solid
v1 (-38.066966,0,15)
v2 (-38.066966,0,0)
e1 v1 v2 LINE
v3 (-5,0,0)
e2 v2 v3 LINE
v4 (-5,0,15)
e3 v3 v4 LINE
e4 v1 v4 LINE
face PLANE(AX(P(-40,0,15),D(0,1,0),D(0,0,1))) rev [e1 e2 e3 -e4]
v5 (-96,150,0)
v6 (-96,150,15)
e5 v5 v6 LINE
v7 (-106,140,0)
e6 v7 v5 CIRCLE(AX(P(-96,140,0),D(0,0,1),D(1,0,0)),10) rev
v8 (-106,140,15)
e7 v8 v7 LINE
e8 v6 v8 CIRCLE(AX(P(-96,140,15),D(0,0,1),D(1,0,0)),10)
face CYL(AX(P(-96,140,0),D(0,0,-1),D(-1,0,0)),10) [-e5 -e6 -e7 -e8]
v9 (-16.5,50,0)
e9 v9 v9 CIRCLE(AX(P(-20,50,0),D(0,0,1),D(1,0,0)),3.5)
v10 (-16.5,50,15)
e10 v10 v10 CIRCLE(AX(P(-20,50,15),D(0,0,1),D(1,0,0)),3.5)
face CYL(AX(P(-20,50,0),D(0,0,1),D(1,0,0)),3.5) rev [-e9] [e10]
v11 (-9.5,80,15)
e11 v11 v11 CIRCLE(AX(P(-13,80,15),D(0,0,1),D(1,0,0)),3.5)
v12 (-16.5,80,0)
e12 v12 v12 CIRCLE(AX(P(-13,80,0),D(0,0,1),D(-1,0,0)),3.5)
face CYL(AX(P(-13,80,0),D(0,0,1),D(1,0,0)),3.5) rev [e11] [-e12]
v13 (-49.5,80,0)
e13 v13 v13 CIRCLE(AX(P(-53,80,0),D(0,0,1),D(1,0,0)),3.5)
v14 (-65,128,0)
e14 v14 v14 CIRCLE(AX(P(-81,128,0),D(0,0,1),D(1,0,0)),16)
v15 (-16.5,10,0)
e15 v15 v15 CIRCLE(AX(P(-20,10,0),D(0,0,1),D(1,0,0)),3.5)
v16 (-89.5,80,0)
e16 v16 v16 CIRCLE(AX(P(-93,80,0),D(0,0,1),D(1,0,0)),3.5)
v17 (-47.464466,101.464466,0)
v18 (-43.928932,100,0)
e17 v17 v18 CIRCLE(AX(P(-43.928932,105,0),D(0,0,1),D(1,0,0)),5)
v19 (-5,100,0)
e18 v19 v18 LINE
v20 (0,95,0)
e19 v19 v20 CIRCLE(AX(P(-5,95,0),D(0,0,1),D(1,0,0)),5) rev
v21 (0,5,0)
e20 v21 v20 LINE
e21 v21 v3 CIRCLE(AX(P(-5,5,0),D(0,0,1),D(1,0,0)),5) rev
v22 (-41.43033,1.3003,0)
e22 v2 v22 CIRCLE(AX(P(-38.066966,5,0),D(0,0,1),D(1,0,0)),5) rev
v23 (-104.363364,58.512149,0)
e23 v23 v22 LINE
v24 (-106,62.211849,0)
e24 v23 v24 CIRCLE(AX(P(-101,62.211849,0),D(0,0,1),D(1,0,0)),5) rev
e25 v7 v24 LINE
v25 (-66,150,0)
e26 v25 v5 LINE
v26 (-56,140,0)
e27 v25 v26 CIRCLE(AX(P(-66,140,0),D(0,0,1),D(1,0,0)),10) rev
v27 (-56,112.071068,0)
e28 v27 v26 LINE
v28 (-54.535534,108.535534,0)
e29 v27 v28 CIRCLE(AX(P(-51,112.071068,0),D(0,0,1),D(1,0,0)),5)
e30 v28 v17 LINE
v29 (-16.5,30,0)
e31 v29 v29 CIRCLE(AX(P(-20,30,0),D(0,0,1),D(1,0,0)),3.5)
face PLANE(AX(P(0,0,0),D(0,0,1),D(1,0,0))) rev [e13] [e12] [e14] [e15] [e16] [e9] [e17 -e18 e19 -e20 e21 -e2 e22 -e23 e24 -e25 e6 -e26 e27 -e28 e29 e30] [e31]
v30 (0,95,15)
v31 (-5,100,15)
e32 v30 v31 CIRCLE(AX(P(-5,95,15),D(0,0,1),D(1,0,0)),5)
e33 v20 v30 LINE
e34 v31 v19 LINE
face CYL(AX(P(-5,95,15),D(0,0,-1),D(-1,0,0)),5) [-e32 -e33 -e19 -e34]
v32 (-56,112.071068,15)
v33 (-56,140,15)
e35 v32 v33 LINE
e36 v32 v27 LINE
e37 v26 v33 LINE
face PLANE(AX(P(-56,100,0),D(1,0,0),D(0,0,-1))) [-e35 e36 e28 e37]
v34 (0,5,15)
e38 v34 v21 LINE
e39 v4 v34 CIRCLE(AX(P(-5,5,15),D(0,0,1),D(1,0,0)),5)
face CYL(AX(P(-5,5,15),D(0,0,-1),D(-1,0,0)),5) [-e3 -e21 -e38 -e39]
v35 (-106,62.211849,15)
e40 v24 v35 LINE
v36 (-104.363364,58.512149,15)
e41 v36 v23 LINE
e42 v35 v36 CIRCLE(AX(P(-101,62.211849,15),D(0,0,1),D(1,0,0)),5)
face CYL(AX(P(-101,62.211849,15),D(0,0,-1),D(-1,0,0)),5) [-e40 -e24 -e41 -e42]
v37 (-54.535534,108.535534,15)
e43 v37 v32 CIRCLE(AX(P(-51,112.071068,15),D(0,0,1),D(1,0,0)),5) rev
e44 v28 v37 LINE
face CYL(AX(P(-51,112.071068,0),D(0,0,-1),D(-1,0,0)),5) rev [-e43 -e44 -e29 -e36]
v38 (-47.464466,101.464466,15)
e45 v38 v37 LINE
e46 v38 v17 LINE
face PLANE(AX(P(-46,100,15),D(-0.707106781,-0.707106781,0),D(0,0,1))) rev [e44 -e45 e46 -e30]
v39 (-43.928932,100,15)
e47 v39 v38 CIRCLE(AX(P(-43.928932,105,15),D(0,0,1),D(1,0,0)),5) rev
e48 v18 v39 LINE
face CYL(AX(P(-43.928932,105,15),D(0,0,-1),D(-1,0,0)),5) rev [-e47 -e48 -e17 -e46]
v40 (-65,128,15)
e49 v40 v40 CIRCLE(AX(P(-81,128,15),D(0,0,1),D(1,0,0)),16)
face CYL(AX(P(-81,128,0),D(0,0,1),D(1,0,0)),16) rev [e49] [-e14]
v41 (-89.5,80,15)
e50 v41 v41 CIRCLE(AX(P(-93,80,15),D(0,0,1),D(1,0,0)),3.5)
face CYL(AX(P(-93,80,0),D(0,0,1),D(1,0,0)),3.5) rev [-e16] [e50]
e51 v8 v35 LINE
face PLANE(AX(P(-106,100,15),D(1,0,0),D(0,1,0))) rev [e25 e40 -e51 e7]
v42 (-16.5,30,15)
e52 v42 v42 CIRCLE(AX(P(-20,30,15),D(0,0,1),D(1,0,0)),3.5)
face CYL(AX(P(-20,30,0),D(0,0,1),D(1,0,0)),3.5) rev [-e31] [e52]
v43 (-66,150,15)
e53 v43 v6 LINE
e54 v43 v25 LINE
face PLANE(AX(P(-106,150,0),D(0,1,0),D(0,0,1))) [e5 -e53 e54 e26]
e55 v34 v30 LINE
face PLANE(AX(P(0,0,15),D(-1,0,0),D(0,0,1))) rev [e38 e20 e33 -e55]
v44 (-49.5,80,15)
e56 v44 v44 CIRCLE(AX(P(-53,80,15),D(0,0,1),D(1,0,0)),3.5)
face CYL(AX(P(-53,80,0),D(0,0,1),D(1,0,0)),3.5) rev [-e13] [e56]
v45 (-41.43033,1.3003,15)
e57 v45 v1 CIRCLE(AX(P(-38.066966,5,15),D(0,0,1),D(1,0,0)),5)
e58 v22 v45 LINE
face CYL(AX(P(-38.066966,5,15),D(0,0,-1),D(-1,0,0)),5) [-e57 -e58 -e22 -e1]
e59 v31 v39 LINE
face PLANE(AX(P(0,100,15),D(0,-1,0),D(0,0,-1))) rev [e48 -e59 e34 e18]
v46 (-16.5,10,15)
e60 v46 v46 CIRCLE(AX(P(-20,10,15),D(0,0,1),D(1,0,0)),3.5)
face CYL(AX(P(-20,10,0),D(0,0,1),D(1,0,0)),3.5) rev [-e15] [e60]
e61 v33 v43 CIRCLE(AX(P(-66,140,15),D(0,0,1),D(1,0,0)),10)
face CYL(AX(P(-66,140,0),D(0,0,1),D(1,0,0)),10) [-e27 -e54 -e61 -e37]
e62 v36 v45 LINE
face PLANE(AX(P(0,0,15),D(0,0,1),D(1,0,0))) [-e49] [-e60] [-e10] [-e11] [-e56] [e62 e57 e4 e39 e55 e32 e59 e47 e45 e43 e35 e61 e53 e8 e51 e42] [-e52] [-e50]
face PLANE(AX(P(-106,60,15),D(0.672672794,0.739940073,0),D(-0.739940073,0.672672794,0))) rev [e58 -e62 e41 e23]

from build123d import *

# Parameters (mm, degrees)
BOSS_EXTRU_1_DEPTH           = 15
ENL_V_MAT_EXTRU_1_DEPTH      = 147.495733726
ENL_V_MAT_EXTRU_1_DEPTH_BACK = 147.495733726
ESQUISSE2_R                  = 3.5
ESQUISSE3_W                  = 50
ESQUISSE3_H                  = 50
BOSS_EXTRU_2_DEPTH           = 15
CHANFREIN1_SIZE              = 10
ENL_V_MAT_EXTRU_2_DEPTH      = 185.285105204
ENL_V_MAT_EXTRU_2_DEPTH_BACK = 185.285105204
ESQUISSE4_R                  = 16
CONG_2_R                     = 5
CONG_3_R                     = 10


with BuildPart() as part:
    # Esquisse1 → Boss.-Extru.1 (new body)
    with BuildSketch(Plane.XY):
        Polygon((0, 0), (0, 100), (-106, 100), (-106, 60), (-40, 0), align=None)
    extrude(amount=BOSS_EXTRU_1_DEPTH)

    # Esquisse2 → Enlèv. mat.-Extru.1 (cut, two sides: drawn at the far end of the back side and taken through both)
    with BuildSketch(Plane.XY.offset(15).offset(-ENL_V_MAT_EXTRU_1_DEPTH_BACK)):
        with Locations((-20, 10)):
            Circle(ESQUISSE2_R)
        with Locations((-20, 30)):
            Circle(ESQUISSE2_R)
        with Locations((-20, 50)):
            Circle(ESQUISSE2_R)
        with Locations((-53, 80)):
            Circle(ESQUISSE2_R)
        with Locations((-93, 80)):
            Circle(ESQUISSE2_R)
        with Locations((-13, 80)):
            Circle(ESQUISSE2_R)
    extrude(amount=ENL_V_MAT_EXTRU_1_DEPTH + ENL_V_MAT_EXTRU_1_DEPTH_BACK, mode=Mode.SUBTRACT)

    # Esquisse3 → Boss.-Extru.2 (add)
    with BuildSketch(Plane.XY.offset(15)):
        with Locations((-81, 125)):
            Rectangle(ESQUISSE3_W, ESQUISSE3_H)
    extrude(amount=-BOSS_EXTRU_2_DEPTH)

    # Chanfrein1
    chanfrein1_edges = [part.edges().sort_by_distance(p)[0] for p in [
        (-56, 100, 7.5),
    ]]
    chamfer(chanfrein1_edges, length=CHANFREIN1_SIZE)

    # Esquisse4 → Enlèv. mat.-Extru.2 (cut, two sides: drawn at the far end of the back side and taken through both)
    with BuildSketch(Plane.XY.offset(15).offset(-ENL_V_MAT_EXTRU_2_DEPTH_BACK)):
        with Locations((-81, 128)):
            Circle(ESQUISSE4_R)
    extrude(amount=ENL_V_MAT_EXTRU_2_DEPTH + ENL_V_MAT_EXTRU_2_DEPTH_BACK, mode=Mode.SUBTRACT)

    # Congé2
    cong_2_edges = [part.edges().sort_by_distance(p)[0] for p in [
        (-46, 100, 7.5),
        (-56, 110, 7.5),
        (-40, 0, 7.5),
        (-106, 60, 7.5),
        (0, 100, 7.5),
        (0, 0, 7.5),
    ]]
    fillet(cong_2_edges, radius=CONG_2_R)

    # Congé3
    cong_3_edges = [part.edges().sort_by_distance(p)[0] for p in [
        (-106, 150, 7.5),
        (-56, 150, 7.5),
    ]]
    fillet(cong_3_edges, radius=CONG_3_R)


solid = part.part
